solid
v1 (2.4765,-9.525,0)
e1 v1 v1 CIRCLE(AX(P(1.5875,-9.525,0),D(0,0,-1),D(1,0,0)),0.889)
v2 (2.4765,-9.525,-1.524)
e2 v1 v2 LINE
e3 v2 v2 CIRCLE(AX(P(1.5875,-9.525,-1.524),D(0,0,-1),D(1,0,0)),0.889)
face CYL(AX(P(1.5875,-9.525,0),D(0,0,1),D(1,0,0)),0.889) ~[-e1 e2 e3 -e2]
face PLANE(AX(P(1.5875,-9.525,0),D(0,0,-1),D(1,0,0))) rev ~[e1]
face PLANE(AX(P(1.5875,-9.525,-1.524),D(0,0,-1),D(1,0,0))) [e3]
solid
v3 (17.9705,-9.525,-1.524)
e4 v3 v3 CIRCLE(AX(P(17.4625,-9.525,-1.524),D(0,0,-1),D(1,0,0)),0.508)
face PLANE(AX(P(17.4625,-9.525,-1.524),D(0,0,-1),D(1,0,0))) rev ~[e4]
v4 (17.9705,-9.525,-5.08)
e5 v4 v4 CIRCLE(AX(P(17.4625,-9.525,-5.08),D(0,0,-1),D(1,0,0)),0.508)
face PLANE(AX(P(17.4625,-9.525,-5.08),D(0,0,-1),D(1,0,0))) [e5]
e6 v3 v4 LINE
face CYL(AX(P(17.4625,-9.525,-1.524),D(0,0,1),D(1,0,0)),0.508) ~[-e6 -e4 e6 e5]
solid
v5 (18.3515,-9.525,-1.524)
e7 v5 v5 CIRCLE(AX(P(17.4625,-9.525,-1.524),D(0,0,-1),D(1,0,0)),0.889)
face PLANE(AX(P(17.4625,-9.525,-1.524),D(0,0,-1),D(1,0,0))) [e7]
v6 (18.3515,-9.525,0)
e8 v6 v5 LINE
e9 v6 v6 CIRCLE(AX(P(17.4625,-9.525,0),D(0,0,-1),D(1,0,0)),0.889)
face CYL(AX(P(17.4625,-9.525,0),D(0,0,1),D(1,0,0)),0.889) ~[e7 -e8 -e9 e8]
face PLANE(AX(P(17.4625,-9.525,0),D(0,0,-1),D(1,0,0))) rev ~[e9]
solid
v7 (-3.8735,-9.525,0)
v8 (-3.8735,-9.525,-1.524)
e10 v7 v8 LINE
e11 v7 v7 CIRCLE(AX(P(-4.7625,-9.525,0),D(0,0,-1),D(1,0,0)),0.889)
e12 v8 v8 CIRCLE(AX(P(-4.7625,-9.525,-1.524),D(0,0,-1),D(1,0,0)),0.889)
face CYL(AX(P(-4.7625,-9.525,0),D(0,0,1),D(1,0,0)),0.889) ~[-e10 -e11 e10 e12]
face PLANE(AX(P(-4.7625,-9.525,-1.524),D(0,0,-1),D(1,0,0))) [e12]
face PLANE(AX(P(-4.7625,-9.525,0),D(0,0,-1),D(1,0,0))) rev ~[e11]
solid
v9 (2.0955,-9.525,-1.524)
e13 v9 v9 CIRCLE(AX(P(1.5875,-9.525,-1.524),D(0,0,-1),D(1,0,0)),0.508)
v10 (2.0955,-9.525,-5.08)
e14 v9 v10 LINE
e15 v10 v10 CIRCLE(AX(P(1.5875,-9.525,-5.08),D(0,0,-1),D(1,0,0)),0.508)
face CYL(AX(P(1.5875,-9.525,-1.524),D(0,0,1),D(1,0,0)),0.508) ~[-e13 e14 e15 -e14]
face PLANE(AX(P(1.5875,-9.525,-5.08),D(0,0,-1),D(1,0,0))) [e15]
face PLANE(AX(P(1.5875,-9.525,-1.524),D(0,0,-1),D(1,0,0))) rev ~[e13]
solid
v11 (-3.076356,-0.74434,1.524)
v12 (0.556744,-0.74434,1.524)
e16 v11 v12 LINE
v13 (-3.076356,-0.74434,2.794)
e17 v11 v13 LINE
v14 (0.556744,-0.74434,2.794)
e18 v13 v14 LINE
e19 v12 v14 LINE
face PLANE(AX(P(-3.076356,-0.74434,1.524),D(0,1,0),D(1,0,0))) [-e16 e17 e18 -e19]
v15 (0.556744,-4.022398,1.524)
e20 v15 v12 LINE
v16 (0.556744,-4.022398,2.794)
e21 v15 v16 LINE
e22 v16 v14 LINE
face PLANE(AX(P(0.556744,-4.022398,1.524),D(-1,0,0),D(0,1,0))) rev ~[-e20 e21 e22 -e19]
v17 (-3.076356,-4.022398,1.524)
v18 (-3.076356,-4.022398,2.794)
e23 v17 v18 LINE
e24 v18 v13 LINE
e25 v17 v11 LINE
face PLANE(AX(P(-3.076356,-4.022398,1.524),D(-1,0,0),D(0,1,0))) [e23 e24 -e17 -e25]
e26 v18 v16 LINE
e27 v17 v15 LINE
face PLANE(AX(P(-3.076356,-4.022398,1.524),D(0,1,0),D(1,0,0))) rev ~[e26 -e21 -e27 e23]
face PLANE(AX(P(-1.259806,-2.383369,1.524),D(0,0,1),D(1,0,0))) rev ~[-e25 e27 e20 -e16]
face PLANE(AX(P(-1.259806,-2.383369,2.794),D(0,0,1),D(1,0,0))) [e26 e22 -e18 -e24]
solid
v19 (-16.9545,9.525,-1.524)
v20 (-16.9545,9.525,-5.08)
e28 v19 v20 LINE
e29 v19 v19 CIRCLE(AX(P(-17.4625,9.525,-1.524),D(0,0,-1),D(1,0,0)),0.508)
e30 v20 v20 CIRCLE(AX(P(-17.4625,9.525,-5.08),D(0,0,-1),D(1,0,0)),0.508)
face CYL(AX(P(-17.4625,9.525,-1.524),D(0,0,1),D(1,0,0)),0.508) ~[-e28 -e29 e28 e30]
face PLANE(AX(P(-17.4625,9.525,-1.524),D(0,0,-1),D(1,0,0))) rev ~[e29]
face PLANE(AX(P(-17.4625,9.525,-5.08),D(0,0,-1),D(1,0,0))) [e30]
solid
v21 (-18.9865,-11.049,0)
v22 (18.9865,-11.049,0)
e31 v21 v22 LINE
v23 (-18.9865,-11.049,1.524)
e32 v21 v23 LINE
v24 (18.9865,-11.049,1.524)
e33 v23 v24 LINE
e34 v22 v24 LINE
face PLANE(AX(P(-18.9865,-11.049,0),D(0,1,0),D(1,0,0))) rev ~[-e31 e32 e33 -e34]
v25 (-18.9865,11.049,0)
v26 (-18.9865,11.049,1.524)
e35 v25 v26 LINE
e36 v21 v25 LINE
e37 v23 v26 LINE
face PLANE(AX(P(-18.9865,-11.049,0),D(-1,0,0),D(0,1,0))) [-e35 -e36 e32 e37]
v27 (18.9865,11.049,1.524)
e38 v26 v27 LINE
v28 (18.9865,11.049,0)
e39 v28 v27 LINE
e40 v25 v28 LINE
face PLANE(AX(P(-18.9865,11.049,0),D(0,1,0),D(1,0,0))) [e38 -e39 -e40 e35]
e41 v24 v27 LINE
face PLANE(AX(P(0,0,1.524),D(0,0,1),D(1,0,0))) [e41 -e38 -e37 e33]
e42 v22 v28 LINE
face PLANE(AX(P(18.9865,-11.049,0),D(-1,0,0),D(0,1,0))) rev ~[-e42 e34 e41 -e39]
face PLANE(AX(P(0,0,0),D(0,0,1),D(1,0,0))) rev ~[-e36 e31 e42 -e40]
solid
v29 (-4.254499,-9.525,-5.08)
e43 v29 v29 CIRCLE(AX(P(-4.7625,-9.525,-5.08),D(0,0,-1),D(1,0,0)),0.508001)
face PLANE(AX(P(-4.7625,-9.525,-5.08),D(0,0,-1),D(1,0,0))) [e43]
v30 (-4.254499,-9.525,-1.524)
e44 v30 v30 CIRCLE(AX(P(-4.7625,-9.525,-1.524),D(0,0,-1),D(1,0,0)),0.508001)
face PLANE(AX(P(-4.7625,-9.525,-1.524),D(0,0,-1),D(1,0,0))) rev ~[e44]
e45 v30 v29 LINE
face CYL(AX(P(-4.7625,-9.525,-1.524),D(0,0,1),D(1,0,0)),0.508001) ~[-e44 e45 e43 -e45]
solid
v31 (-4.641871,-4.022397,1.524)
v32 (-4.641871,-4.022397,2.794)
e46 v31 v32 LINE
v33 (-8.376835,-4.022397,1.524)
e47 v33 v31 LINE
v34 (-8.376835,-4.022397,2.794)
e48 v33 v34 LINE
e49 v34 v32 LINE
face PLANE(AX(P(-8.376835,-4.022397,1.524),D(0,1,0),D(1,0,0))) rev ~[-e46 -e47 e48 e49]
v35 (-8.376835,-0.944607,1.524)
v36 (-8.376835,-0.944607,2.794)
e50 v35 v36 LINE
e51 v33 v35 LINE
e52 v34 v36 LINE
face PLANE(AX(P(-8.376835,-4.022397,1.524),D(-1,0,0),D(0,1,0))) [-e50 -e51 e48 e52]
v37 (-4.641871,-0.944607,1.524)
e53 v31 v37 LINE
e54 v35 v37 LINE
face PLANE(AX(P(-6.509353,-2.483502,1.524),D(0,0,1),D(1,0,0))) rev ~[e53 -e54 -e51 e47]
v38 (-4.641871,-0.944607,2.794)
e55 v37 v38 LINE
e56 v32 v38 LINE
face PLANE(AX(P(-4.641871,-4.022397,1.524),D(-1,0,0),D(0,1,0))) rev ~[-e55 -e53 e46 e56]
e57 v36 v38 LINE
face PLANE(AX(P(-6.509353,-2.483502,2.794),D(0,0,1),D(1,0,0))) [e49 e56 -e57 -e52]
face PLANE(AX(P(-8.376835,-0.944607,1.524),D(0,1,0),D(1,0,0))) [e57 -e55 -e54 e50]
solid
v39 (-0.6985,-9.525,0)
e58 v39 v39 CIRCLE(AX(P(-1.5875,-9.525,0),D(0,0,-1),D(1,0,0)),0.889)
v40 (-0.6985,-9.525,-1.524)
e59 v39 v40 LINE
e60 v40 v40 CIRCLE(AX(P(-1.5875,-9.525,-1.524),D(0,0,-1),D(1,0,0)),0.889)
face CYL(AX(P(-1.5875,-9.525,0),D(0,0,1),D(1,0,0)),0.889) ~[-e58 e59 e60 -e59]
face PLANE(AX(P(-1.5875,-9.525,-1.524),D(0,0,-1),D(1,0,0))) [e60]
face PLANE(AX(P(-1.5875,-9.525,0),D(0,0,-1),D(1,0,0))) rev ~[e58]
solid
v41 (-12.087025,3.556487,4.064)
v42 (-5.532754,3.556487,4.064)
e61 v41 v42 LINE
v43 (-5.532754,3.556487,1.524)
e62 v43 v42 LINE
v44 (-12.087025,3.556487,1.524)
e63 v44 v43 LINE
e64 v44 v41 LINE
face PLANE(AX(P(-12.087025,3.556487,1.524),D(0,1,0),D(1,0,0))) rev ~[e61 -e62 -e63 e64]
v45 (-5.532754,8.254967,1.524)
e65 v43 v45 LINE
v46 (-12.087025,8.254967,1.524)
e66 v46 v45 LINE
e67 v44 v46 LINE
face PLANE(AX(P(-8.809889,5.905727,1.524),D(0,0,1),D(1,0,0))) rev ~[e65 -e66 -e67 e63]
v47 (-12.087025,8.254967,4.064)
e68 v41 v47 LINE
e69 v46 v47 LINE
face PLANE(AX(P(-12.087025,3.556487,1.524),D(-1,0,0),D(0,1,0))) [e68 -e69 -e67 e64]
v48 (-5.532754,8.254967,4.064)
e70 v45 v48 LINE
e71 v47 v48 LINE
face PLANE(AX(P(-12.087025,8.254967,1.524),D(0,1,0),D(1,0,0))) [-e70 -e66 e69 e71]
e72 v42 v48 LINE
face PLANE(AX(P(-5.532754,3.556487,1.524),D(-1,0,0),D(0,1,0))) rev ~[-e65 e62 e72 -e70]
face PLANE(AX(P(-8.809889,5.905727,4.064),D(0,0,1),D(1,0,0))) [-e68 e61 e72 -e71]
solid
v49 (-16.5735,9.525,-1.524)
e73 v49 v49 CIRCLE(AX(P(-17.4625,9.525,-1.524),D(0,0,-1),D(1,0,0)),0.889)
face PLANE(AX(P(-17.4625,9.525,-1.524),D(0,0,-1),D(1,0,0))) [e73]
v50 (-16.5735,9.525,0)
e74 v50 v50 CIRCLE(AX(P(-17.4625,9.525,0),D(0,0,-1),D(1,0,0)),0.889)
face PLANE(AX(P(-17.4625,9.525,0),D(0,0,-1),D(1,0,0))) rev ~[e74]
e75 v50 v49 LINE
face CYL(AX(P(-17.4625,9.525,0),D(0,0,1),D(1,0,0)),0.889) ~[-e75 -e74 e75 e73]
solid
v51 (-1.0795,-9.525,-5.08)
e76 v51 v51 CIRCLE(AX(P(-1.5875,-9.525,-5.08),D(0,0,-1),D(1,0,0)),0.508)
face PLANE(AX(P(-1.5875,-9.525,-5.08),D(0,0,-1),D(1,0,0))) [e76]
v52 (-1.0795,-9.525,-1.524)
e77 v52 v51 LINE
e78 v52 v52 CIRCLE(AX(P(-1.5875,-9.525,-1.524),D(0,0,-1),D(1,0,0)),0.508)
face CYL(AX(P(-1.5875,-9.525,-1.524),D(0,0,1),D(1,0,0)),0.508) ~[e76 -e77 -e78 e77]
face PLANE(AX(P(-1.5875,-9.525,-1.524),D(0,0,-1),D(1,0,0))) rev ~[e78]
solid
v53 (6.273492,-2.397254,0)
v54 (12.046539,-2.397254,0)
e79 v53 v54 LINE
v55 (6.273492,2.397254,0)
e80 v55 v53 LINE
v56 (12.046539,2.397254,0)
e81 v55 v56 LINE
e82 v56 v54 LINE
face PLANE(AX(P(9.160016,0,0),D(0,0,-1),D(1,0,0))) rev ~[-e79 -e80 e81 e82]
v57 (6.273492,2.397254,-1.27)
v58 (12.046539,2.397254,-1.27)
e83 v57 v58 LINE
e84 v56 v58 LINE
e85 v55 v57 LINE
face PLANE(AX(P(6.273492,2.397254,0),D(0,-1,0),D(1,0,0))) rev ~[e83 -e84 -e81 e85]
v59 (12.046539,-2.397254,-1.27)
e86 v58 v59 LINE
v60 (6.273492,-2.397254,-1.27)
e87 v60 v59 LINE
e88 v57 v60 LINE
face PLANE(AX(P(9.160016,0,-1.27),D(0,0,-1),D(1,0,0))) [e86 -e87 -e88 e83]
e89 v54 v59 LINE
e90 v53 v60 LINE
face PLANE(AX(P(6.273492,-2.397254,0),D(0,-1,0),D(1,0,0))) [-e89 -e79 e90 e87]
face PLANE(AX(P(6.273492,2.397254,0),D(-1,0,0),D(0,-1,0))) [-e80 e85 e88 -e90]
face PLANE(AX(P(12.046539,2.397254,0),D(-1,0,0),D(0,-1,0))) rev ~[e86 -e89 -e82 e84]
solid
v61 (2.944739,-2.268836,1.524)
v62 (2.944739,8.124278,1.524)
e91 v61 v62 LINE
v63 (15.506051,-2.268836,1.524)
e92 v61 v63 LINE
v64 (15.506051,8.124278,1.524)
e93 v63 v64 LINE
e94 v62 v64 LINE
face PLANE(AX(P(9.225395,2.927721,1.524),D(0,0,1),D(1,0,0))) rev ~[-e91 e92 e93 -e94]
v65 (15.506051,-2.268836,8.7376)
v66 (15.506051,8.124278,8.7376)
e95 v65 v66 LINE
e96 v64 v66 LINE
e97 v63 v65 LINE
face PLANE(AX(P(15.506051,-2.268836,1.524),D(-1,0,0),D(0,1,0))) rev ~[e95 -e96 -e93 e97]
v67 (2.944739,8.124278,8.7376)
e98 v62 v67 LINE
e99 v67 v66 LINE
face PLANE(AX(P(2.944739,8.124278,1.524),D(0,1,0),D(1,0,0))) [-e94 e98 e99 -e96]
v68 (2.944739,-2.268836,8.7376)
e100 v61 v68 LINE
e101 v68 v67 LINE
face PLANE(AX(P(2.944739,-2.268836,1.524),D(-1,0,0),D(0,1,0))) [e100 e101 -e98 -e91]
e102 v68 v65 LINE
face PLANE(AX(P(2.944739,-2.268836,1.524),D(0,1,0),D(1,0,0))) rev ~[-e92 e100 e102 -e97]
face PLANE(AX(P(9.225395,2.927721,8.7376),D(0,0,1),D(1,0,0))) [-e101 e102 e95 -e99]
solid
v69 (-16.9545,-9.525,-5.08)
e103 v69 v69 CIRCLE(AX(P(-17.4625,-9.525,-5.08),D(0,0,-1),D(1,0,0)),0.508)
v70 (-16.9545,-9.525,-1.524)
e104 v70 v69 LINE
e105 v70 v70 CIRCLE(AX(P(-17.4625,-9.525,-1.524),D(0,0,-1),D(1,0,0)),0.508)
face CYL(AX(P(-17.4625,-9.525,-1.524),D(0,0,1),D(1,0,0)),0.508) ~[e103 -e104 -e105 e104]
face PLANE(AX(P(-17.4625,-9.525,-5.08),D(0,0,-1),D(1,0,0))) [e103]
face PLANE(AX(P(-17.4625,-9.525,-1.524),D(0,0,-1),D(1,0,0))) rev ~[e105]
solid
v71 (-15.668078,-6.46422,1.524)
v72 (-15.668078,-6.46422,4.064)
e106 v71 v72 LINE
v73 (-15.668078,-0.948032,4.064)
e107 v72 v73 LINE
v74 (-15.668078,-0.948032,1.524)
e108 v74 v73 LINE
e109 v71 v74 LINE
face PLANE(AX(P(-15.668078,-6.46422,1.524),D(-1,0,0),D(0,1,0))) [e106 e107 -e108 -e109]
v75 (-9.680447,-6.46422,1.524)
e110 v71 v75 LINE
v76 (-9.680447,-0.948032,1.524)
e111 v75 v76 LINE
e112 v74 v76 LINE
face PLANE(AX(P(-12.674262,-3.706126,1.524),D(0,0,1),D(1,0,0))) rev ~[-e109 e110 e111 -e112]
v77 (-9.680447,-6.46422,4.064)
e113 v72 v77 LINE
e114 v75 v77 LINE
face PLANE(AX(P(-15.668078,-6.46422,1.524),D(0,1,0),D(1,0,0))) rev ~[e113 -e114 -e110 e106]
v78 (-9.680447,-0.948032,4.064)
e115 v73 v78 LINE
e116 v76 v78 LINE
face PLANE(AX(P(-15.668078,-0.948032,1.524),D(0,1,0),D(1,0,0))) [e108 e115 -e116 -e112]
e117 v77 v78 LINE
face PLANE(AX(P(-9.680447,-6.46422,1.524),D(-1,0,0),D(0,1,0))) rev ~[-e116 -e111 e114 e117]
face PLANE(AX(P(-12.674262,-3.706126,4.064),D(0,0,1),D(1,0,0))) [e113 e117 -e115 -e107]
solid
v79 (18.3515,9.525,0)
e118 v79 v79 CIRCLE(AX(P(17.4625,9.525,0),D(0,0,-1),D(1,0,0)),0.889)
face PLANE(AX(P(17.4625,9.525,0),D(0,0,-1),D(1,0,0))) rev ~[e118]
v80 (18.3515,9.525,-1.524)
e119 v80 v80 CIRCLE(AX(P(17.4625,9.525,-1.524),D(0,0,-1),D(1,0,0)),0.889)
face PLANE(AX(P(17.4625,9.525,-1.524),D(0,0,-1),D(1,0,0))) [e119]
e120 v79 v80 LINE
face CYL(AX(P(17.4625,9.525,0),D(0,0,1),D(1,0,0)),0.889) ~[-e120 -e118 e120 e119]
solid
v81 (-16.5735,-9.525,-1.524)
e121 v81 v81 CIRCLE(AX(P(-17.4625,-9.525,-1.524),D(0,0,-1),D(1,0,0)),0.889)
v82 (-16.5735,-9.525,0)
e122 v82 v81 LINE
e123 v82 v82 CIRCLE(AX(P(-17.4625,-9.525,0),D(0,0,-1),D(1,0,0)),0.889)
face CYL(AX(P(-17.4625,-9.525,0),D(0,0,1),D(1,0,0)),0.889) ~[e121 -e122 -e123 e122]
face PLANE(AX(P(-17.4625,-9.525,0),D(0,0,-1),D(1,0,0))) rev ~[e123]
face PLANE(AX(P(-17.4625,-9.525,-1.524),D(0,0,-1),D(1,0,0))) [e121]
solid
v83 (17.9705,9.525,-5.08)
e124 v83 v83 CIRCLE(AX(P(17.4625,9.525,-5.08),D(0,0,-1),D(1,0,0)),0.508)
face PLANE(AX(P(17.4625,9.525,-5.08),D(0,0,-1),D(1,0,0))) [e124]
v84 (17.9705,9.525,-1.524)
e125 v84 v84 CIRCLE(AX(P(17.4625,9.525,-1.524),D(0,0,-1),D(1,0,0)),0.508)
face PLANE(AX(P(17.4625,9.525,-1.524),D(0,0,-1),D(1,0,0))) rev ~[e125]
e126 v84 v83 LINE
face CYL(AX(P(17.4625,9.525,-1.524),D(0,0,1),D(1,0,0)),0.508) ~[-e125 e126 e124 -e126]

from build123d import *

# Parameters (mm, degrees)
F0_W      = 37.973
F0_H      = 22.098
F1_DEPTH  = 1.524
F2_W      = 12.561312
F2_H      = 10.393114
F3_DEPTH  = 7.2136
F4_W      = 6.554271
F4_H      = 4.69848
F4_W_2    = 5.987631
F4_H_2    = 5.516189
F5_DEPTH  = 2.54
F6_W      = 3.734964
F6_H      = 3.07779
F6_W_2    = 3.6331
F6_H_2    = 3.278057
F7_DEPTH  = 1.27
F8_W      = 5.773047
F8_H      = 4.794508
F9_DEPTH  = 1.27
F10_R     = 0.889
F11_DEPTH = 1.524
F12_R     = 0.508
F12_R_2   = 0.508001
F13_DEPTH = 3.556


with BuildPart() as f1:
    # F0 (on Top) → F1 (new body)
    with BuildSketch(Plane.XY):
        Rectangle(F0_W, F0_H)
    extrude(amount=F1_DEPTH)


with BuildPart() as f3:
    # F2 (on face) → F3 (new body)
    with BuildSketch(Plane.XY.offset(1.524)):
        with Locations((9.225395, 2.927721)):
            Rectangle(F2_W, F2_H)
    extrude(amount=F3_DEPTH)


with BuildPart() as f5:
    # F4 (on face) → F5 (new body)
    with BuildSketch(Plane.XY.offset(1.524)):
        with Locations((-8.809889, 5.905727)):
            Rectangle(F4_W, F4_H)
        with Locations((-12.674262, -3.706126)):
            Rectangle(F4_W_2, F4_H_2)
    extrude(amount=F5_DEPTH)


with BuildPart() as f7:
    # F6 (on face) → F7 (new body)
    with BuildSketch(Plane.XY.offset(1.524)):
        with Locations((-6.509353, -2.483502)):
            Rectangle(F6_W, F6_H)
        with Locations((-1.259806, -2.383369)):
            Rectangle(F6_W_2, F6_H_2)
    extrude(amount=F7_DEPTH)


with BuildPart() as f9:
    # F8 (on face) → F9 (new body)
    with BuildSketch(Plane(origin=(0, 0, 0), x_dir=(1, 0, 0), z_dir=(0, 0, -1))):
        with Locations((9.160016, 0)):
            Rectangle(F8_W, F8_H)
    extrude(amount=F9_DEPTH)


with BuildPart() as f11:
    # F10 (on face) → F11 (new body)
    with BuildSketch(Plane(origin=(0, 0, 0), x_dir=(1, 0, 0), z_dir=(0, 0, -1))):
        with Locations((17.4625, -9.525)):
            Circle(F10_R)
        with Locations((-17.4625, -9.525)):
            Circle(F10_R)
        with Locations((-17.4625, 9.525)):
            Circle(F10_R)
        with Locations((-4.7625, 9.525)):
            Circle(F10_R)
        with Locations((-1.5875, 9.525)):
            Circle(F10_R)
        with Locations((1.5875, 9.525)):
            Circle(F10_R)
        with Locations((17.4625, 9.525)):
            Circle(F10_R)
    extrude(amount=F11_DEPTH)


with BuildPart() as f13:
    # F12 (on face) → F13 (new body)
    with BuildSketch(Plane(origin=(0, 0, -1.524), x_dir=(1, 0, 0), z_dir=(0, 0, -1))):
        with Locations((-17.4625, -9.525)):
            Circle(F12_R)
        with Locations((-17.4625, 9.525)):
            Circle(F12_R)
        with Locations((-4.7625, 9.525)):
            Circle(F12_R_2)
        with Locations((-1.5875, 9.525)):
            Circle(F12_R)
        with Locations((1.5875, 9.525)):
            Circle(F12_R)
        with Locations((17.4625, 9.525)):
            Circle(F12_R)
        with Locations((17.4625, -9.525)):
            Circle(F12_R)
    extrude(amount=F13_DEPTH)


solid = Compound([f1.part, f3.part, f5.part, f7.part, f9.part, f11.part, f13.part])
